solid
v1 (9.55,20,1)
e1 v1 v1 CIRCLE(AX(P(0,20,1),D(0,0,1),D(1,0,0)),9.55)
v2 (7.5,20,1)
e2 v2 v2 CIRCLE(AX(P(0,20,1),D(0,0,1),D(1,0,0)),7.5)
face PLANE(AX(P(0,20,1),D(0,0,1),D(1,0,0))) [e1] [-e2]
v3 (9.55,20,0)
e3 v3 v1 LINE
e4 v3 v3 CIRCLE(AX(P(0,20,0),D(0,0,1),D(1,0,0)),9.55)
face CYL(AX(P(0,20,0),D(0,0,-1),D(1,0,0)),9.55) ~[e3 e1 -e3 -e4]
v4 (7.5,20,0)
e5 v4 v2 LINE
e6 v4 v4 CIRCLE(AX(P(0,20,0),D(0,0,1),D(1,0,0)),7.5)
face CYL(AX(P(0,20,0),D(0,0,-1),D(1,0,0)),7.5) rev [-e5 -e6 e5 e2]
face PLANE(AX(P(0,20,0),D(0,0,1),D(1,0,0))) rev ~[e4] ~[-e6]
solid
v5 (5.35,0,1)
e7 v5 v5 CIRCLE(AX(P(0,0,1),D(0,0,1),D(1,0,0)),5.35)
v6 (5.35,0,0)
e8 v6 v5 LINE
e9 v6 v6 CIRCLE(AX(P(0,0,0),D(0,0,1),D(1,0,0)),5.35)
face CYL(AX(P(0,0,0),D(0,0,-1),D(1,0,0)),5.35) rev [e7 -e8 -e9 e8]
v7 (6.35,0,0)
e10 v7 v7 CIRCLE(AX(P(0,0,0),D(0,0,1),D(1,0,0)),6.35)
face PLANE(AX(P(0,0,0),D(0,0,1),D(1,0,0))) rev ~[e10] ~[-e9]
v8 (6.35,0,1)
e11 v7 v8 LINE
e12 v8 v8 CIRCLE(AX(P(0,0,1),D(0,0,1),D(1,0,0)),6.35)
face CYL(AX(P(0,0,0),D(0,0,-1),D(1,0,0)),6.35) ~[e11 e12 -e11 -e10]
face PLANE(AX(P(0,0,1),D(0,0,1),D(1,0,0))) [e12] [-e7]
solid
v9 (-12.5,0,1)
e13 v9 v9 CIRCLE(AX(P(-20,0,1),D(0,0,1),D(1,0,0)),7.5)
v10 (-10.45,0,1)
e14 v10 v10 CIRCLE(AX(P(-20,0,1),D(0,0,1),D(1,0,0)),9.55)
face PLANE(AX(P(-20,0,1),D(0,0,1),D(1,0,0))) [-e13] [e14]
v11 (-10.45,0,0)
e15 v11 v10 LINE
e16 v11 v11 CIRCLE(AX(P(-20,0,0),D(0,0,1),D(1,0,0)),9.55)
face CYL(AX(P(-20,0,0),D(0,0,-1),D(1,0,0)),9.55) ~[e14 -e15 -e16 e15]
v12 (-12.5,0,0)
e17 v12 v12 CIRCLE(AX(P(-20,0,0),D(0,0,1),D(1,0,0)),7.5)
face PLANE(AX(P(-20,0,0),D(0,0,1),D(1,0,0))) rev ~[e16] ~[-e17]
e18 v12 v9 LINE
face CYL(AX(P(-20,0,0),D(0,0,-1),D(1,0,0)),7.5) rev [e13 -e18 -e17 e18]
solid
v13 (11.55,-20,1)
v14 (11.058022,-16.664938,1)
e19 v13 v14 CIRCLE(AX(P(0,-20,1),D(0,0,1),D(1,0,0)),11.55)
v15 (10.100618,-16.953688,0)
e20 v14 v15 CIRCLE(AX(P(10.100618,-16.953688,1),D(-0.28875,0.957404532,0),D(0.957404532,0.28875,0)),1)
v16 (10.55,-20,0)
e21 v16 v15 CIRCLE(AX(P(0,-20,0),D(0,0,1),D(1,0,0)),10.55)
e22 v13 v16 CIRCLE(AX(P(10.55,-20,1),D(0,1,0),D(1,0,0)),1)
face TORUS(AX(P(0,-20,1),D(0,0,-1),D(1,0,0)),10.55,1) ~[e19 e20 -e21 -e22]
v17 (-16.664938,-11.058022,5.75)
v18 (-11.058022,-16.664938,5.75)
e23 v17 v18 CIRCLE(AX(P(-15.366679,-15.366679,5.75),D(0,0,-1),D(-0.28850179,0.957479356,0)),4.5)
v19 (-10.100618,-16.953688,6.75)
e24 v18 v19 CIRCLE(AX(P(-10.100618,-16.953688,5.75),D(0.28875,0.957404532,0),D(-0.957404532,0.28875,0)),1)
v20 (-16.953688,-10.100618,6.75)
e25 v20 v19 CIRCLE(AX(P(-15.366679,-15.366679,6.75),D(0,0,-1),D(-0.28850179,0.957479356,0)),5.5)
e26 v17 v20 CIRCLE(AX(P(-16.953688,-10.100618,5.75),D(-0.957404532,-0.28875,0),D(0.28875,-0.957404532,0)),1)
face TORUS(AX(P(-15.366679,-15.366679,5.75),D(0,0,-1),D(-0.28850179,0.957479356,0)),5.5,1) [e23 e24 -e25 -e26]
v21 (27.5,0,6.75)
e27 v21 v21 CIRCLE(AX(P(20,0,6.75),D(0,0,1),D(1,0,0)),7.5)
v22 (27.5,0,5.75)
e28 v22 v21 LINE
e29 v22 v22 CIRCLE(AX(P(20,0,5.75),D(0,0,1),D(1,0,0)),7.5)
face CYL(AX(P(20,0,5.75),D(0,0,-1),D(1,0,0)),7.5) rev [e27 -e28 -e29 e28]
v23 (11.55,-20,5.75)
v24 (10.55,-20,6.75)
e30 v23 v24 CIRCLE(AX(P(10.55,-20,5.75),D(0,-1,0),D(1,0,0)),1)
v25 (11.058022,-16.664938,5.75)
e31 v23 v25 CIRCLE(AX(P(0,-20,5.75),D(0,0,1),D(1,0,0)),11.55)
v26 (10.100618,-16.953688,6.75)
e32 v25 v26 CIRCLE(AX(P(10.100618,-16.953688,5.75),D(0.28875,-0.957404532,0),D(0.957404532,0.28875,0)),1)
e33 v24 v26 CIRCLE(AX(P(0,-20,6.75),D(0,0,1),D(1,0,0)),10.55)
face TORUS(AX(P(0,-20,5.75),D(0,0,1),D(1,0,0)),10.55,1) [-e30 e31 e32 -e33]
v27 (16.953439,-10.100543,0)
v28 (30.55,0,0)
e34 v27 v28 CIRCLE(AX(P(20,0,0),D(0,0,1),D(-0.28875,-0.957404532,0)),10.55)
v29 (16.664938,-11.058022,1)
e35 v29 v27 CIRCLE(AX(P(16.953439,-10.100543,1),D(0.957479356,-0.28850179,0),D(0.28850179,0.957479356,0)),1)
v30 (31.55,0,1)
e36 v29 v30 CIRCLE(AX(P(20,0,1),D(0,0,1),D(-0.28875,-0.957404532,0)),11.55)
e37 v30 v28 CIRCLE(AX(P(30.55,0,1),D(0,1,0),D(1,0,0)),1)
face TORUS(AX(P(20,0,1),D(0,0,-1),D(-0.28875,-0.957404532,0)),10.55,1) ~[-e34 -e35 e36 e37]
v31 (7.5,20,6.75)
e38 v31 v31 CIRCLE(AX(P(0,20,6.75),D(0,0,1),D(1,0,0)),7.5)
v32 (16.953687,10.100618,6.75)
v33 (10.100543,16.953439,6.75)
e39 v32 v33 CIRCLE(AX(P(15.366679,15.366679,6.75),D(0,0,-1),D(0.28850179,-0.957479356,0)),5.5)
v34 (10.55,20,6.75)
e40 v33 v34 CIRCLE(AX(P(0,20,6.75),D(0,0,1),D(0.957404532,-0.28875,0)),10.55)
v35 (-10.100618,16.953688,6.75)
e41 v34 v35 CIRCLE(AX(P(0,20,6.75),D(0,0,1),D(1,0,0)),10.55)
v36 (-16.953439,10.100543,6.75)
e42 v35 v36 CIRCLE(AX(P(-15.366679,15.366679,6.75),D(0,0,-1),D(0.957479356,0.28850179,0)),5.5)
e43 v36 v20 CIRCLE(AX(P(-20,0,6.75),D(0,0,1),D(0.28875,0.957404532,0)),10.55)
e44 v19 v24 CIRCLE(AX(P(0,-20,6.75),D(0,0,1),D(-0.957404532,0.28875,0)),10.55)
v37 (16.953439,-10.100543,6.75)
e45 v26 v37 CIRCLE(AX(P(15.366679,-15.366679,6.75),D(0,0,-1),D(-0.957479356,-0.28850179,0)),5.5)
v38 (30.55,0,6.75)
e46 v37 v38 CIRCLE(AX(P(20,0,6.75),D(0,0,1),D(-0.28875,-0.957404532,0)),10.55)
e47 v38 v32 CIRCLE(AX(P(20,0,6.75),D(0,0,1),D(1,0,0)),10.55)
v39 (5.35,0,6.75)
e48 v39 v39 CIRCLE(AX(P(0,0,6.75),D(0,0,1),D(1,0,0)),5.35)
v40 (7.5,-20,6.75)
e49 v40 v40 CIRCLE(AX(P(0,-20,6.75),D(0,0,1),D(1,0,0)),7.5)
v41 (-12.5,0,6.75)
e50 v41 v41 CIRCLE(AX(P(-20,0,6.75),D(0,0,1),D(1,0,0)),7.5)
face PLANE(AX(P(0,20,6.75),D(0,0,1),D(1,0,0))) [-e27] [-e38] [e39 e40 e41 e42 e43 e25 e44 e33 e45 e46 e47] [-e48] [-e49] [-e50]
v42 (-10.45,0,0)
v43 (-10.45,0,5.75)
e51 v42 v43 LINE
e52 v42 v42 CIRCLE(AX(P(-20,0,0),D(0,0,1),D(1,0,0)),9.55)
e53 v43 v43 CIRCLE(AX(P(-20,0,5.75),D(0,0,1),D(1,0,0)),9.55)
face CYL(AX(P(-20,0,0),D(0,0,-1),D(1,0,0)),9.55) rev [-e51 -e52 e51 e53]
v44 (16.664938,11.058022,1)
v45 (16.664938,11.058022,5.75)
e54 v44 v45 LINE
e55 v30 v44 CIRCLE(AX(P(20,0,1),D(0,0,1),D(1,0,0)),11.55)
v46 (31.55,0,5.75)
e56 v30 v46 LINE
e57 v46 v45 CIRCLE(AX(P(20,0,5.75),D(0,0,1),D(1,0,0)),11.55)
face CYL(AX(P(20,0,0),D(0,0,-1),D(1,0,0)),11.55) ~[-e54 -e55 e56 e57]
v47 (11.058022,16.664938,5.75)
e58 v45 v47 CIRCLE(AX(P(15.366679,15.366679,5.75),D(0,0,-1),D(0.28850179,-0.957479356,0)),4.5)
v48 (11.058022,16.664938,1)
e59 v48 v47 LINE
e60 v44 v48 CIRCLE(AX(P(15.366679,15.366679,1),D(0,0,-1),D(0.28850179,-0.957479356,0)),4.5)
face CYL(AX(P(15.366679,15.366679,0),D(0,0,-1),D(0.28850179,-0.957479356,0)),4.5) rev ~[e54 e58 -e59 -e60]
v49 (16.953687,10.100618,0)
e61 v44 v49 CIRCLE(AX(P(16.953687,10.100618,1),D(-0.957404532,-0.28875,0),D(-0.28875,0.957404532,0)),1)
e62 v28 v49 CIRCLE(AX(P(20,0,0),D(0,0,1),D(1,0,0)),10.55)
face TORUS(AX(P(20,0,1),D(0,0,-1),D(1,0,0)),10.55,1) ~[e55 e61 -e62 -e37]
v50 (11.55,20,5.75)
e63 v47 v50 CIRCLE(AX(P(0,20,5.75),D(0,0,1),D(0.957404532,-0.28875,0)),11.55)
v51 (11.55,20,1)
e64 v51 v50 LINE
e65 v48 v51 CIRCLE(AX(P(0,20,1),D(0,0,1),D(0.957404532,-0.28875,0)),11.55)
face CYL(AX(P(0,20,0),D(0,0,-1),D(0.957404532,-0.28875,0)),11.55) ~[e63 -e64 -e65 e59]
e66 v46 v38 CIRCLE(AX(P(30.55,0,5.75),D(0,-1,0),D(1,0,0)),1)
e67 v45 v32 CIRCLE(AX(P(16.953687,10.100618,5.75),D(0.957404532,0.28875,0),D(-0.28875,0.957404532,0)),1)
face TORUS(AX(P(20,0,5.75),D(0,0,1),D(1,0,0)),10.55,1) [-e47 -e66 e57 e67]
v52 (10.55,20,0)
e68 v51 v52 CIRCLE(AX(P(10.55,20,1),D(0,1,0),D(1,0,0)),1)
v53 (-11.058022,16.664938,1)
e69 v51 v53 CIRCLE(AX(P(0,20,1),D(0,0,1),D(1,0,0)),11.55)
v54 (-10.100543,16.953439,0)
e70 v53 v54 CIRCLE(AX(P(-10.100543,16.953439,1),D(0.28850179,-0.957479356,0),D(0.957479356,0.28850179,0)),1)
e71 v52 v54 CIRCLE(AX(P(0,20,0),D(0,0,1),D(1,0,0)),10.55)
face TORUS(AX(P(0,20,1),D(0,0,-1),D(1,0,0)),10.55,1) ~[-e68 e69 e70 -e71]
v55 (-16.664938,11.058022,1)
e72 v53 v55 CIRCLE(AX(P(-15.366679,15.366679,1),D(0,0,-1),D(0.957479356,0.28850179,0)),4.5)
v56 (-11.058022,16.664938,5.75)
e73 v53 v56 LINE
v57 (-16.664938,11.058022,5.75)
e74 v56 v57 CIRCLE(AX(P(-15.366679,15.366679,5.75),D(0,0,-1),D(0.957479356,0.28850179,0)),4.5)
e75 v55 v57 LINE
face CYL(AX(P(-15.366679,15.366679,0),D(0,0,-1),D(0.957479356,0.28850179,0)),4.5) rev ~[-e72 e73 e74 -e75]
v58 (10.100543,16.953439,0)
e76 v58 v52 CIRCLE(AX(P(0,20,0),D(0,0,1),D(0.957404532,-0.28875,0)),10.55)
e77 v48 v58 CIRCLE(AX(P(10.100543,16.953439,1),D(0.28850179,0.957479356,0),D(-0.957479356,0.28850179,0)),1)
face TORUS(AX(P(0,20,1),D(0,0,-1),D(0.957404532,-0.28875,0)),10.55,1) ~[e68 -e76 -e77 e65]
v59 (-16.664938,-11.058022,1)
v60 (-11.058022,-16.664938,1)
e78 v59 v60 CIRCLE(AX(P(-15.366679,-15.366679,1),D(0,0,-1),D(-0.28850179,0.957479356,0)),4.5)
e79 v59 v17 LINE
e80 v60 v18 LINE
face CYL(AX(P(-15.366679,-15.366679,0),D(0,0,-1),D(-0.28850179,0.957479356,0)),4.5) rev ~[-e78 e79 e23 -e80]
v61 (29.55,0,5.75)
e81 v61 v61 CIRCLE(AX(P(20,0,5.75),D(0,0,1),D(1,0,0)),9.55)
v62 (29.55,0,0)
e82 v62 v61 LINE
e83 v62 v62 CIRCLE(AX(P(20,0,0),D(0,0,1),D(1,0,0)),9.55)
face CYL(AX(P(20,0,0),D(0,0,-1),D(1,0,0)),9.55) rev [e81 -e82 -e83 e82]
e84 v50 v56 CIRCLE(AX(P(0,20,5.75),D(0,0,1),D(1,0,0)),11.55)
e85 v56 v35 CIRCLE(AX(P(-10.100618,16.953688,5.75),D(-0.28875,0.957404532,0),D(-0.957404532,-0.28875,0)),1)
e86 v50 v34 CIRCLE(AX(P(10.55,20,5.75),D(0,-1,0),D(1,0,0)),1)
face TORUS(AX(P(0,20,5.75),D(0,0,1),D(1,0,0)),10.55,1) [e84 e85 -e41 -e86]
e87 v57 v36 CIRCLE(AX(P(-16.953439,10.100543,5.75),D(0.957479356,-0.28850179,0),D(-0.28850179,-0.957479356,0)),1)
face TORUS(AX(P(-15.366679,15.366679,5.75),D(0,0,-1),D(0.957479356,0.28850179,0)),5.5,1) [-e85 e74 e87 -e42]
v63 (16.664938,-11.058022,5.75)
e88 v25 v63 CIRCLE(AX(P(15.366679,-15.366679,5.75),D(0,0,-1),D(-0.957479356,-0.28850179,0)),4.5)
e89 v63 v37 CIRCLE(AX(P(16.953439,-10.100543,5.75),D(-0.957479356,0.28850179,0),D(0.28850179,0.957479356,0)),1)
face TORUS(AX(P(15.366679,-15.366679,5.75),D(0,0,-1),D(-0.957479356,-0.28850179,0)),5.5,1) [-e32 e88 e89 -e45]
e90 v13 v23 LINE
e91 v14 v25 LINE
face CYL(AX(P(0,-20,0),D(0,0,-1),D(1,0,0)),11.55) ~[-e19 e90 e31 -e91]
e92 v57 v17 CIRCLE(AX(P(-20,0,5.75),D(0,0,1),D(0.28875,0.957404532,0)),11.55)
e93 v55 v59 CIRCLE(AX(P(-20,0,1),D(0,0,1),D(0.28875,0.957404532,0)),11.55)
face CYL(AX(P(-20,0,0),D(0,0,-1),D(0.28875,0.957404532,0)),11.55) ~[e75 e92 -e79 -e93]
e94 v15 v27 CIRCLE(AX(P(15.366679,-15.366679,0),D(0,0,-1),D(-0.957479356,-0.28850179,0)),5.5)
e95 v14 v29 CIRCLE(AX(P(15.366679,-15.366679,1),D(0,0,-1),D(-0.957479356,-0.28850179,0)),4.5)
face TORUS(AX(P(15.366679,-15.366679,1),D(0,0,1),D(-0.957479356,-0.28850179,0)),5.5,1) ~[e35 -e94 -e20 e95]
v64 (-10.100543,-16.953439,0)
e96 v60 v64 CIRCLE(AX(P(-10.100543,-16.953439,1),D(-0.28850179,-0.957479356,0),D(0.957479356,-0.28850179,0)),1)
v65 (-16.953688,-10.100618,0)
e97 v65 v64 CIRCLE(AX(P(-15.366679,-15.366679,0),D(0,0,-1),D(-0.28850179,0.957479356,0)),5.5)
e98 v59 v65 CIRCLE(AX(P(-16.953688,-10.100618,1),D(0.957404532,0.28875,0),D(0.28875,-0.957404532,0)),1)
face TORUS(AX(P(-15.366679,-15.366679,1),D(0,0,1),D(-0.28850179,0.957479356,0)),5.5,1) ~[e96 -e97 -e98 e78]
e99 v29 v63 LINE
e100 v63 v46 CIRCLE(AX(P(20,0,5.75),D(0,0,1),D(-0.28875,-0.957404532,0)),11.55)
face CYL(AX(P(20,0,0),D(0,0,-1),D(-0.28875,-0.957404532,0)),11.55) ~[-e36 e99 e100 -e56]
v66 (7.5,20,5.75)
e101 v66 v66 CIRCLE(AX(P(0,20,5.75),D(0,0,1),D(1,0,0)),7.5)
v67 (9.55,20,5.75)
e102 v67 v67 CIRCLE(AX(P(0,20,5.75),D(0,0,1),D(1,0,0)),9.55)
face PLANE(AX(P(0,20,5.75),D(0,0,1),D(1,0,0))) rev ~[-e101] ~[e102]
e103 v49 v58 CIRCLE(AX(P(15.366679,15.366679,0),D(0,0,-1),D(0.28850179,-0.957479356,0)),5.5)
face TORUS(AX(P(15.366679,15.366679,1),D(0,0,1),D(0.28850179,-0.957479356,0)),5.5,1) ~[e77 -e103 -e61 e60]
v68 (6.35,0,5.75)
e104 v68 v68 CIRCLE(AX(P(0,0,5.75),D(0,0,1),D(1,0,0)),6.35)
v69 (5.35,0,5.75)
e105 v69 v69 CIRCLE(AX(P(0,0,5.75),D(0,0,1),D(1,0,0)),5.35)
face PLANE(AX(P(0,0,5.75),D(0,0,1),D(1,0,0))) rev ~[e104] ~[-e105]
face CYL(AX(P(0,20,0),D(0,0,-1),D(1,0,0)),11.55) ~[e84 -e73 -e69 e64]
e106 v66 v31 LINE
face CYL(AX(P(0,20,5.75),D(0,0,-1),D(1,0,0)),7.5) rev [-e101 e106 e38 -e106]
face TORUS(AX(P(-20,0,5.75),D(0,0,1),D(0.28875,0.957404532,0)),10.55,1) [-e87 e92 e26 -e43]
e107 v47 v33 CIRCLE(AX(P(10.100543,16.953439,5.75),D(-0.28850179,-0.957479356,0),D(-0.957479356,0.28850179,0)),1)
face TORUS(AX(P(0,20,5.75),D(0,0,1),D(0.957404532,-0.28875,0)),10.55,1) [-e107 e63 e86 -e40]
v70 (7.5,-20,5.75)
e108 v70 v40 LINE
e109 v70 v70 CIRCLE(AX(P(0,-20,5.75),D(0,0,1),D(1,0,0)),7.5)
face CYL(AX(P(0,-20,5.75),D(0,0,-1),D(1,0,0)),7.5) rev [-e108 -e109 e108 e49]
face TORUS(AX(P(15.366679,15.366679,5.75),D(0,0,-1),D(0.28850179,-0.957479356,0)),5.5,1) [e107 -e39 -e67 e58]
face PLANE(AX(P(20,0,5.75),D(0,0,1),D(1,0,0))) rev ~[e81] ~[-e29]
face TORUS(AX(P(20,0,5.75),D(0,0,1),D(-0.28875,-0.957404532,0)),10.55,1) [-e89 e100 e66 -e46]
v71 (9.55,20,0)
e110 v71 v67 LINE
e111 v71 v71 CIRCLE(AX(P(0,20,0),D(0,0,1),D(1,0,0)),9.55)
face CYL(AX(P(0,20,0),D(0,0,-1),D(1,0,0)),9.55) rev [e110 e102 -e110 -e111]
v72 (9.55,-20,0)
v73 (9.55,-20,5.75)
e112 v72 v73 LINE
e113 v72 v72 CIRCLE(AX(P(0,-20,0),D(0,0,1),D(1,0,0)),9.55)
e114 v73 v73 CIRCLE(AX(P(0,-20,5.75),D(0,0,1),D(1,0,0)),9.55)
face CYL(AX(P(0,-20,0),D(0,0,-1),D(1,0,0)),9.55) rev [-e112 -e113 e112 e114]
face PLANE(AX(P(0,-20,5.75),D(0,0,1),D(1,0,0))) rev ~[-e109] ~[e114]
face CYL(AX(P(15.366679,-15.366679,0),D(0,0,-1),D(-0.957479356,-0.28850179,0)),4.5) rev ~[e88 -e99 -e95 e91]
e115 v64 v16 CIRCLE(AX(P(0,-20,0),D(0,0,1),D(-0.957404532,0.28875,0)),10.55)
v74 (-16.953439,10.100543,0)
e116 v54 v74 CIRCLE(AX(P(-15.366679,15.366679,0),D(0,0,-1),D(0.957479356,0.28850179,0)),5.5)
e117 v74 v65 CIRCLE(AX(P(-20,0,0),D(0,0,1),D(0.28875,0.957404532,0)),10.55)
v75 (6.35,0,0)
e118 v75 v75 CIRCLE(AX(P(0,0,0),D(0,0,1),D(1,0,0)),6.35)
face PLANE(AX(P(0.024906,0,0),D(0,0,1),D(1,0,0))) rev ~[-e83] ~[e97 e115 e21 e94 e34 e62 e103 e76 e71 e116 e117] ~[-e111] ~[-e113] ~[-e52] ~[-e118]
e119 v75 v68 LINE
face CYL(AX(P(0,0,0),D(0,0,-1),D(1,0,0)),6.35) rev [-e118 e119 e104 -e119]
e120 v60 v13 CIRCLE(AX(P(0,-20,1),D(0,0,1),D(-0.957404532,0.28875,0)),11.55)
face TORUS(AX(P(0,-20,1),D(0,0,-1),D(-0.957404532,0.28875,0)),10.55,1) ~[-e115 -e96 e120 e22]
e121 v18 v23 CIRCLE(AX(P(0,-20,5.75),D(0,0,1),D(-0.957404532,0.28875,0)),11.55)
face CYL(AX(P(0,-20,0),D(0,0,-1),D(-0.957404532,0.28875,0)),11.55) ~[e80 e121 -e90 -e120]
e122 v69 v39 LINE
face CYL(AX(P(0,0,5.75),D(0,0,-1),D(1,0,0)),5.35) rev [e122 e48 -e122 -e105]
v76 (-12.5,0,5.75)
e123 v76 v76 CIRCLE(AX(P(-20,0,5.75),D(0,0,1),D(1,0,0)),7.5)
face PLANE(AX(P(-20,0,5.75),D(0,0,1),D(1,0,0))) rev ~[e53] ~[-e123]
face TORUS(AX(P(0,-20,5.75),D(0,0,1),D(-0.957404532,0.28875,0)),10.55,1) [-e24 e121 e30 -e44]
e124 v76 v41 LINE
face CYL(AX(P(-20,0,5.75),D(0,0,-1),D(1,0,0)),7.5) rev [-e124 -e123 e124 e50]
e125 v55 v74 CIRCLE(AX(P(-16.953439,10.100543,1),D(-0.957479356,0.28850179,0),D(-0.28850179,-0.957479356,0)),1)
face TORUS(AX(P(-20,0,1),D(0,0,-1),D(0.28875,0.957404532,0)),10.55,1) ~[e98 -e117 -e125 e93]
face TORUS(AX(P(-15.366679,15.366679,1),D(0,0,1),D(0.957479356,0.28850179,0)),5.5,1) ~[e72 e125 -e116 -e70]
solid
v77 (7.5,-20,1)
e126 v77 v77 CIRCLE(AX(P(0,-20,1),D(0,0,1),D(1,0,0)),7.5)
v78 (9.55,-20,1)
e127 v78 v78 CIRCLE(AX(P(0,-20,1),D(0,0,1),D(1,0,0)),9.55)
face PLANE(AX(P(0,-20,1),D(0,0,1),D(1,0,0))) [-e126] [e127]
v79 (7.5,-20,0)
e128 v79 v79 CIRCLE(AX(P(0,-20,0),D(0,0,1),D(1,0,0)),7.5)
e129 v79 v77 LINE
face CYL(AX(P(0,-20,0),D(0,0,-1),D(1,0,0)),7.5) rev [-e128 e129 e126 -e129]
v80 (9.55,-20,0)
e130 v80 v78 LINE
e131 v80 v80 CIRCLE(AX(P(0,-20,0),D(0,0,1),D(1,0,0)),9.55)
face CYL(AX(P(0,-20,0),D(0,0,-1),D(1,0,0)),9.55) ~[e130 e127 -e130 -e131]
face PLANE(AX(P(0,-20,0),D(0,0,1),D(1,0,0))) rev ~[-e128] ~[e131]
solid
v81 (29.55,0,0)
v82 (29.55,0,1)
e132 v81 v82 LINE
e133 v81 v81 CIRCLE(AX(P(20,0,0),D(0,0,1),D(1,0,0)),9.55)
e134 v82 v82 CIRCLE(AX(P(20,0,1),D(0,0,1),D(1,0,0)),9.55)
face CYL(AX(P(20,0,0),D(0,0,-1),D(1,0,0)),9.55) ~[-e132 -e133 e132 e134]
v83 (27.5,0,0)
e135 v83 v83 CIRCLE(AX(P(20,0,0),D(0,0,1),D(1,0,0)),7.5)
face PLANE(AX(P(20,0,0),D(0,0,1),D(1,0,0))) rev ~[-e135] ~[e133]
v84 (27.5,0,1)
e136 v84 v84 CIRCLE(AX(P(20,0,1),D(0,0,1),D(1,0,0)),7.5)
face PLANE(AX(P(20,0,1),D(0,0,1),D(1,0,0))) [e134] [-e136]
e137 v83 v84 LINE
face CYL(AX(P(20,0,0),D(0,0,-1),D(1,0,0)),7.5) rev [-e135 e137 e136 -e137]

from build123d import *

# Parameters (mm, degrees)
F0_R        = 9.55
F0_R_2      = 7.5
F1_DEPTH    = 1
F0_R_3      = 6.35
F0_R_4      = 5.35
F2_DEPTH    = 6.75
F3_R        = 1
F4_START    = 4.75
F1_FACE_R   = 6.35
F1_FACE_R_2 = 5.35
F4_DEPTH    = 1
F5_START    = 4.75
F1_FACE_R_3 = 9.55
F1_FACE_R_4 = 7.5
F5_DEPTH    = 1


with BuildPart() as f1:
    # F0 (on Top) → F1 (new body)
    with BuildSketch(Plane.XY):
        with Locations((-20, 0)):
            Circle(F0_R)
        with Locations((-20, 0)):
            Circle(F0_R_2, mode=Mode.SUBTRACT)
    extrude(amount=F1_DEPTH)


with BuildPart() as f1b:
    # F0 (on Top) → F1, piece 2 (new body)
    with BuildSketch(Plane.XY):
        with Locations((0, 20)):
            Circle(F0_R)
        with Locations((0, 20)):
            Circle(F0_R_2, mode=Mode.SUBTRACT)
    extrude(amount=F1_DEPTH)


with BuildPart() as f1c:
    # F0 (on Top) → F1, piece 3 (new body)
    with BuildSketch(Plane.XY):
        with Locations((20, 0)):
            Circle(F0_R)
        with Locations((20, 0)):
            Circle(F0_R_2, mode=Mode.SUBTRACT)
    extrude(amount=F1_DEPTH)


with BuildPart() as f1d:
    # F0 (on Top) → F1, piece 4 (new body)
    with BuildSketch(Plane.XY):
        with Locations((0, -20)):
            Circle(F0_R)
        with Locations((0, -20)):
            Circle(F0_R_2, mode=Mode.SUBTRACT)
    extrude(amount=F1_DEPTH)


with BuildPart() as f1e:
    # F0 (on Top) → F1, piece 5 (new body)
    with BuildSketch(Plane.XY):
        Circle(F0_R_3)
        Circle(F0_R_4, mode=Mode.SUBTRACT)
    extrude(amount=F1_DEPTH)


with BuildPart() as f2:
    # F0 (on Top) → F2 (new body)
    with BuildSketch(Plane.XY):
        with BuildLine():
            ThreePointArc((11.0580223422, 16.6649375), (0, 8.45), (-11.0580223422, 16.6649375))
            ThreePointArc((-11.0580223422, 16.6649375), (-12.1846989285, 12.1846989285), (-16.6649375, 11.0580223422))
            ThreePointArc((-16.6649375, 11.0580223422), (-10.7284717583, 6.8877619052), (-8.45, 0))
            ThreePointArc((-8.45, 0), (-10.7284717583, -6.8877619052), (-16.6649375, -11.0580223422))
            ThreePointArc((-16.6649375, -11.0580223422), (-12.1846989285, -12.1846989285), (-11.0580223422, -16.6649375))
            ThreePointArc((-11.0580223422, -16.6649375), (0, -8.45), (11.0580223422, -16.6649375))
            ThreePointArc((11.0580223422, -16.6649375), (12.1846989285, -12.1846989285), (16.6649375, -11.0580223422))
            ThreePointArc((16.6649375, -11.0580223422), (8.45, 0), (16.6649375, 11.0580223422))
            ThreePointArc((16.6649375, 11.0580223422), (12.1846989285, 12.1846989285), (11.0580223422, 16.6649375))
        make_face()
        Circle(F0_R_3, mode=Mode.SUBTRACT)
        with BuildLine():
            ThreePointArc((-8.45, 0), (-10.7284717583, 6.8877619052), (-16.6649375, 11.0580223422))
            ThreePointArc((-16.6649375, 11.0580223422), (-31.55, 0), (-16.6649375, -11.0580223422))
            ThreePointArc((-16.6649375, -11.0580223422), (-10.7284717583, -6.8877619052), (-8.45, 0))
        make_face()
        with Locations((-20, 0)):
            Circle(F0_R, mode=Mode.SUBTRACT)
        with BuildLine():
            ThreePointArc((11.0580223422, 16.6649375), (11.4263436421, 18.3144226587), (11.55, 20))
            ThreePointArc((11.55, 20), (-1.6855773413, 31.4263436421), (-11.0580223422, 16.6649375))
            ThreePointArc((-11.0580223422, 16.6649375), (0, 8.45), (11.0580223422, 16.6649375))
        make_face()
        with Locations((0, 20)):
            Circle(F0_R, mode=Mode.SUBTRACT)
        with BuildLine():
            ThreePointArc((31.55, 0), (26.8877619052, 9.2715282417), (16.6649375, 11.0580223422))
            ThreePointArc((16.6649375, 11.0580223422), (8.45, 0), (16.6649375, -11.0580223422))
            ThreePointArc((16.6649375, -11.0580223422), (26.8877619052, -9.2715282417), (31.55, 0))
        make_face()
        with Locations((20, 0)):
            Circle(F0_R, mode=Mode.SUBTRACT)
        with BuildLine():
            ThreePointArc((11.0580223422, -16.6649375), (0, -8.45), (-11.0580223422, -16.6649375))
            ThreePointArc((-11.0580223422, -16.6649375), (-1.6855773413, -31.4263436421), (11.55, -20))
            ThreePointArc((11.55, -20), (11.4263436421, -18.3144226587), (11.0580223422, -16.6649375))
        make_face()
        with Locations((0, -20)):
            Circle(F0_R, mode=Mode.SUBTRACT)
    extrude(amount=F2_DEPTH)

    # F3
    f3_edges = [f2.edges().sort_by_distance(p)[0] for p in [
        (-12.184699, 12.184699, 0),
        (-31.55, 0, 0),
        (-12.184699, -12.184699, 0),
        (0, -31.55, 0),
        (12.184699, -12.184699, 0),
        (31.55, 0, 0),
        (12.184699, 12.184699, 0),
        (0, 31.55, 0),
        (0, -31.55, 6.75),
    ]]
    fillet(f3_edges, radius=F3_R)

    # F1_face (on face) → F4 (join)
    with BuildSketch(Plane.XY.offset(1).offset(F4_START)):
        Circle(F1_FACE_R)
        Circle(F1_FACE_R_2, mode=Mode.SUBTRACT)
    extrude(amount=F4_DEPTH)

    # F1_face (on face) → F5 (join)
    with BuildSketch(Plane.XY.offset(1).offset(F5_START)):
        with Locations((0, 20)):
            Circle(F1_FACE_R_3)
        with Locations((0, 20)):
            Circle(F1_FACE_R_4, mode=Mode.SUBTRACT)
        with Locations((20, 0)):
            Circle(F1_FACE_R_3)
        with Locations((20, 0)):
            Circle(F1_FACE_R_4, mode=Mode.SUBTRACT)
        with Locations((0, -20)):
            Circle(F1_FACE_R_3)
        with Locations((0, -20)):
            Circle(F1_FACE_R_4, mode=Mode.SUBTRACT)
        with Locations((-20, 0)):
            Circle(F1_FACE_R_3)
        with Locations((-20, 0)):
            Circle(F1_FACE_R_4, mode=Mode.SUBTRACT)
    extrude(amount=F5_DEPTH)


solid = Compound([f1.part, f1b.part, f1c.part, f1d.part, f1e.part, f2.part])
